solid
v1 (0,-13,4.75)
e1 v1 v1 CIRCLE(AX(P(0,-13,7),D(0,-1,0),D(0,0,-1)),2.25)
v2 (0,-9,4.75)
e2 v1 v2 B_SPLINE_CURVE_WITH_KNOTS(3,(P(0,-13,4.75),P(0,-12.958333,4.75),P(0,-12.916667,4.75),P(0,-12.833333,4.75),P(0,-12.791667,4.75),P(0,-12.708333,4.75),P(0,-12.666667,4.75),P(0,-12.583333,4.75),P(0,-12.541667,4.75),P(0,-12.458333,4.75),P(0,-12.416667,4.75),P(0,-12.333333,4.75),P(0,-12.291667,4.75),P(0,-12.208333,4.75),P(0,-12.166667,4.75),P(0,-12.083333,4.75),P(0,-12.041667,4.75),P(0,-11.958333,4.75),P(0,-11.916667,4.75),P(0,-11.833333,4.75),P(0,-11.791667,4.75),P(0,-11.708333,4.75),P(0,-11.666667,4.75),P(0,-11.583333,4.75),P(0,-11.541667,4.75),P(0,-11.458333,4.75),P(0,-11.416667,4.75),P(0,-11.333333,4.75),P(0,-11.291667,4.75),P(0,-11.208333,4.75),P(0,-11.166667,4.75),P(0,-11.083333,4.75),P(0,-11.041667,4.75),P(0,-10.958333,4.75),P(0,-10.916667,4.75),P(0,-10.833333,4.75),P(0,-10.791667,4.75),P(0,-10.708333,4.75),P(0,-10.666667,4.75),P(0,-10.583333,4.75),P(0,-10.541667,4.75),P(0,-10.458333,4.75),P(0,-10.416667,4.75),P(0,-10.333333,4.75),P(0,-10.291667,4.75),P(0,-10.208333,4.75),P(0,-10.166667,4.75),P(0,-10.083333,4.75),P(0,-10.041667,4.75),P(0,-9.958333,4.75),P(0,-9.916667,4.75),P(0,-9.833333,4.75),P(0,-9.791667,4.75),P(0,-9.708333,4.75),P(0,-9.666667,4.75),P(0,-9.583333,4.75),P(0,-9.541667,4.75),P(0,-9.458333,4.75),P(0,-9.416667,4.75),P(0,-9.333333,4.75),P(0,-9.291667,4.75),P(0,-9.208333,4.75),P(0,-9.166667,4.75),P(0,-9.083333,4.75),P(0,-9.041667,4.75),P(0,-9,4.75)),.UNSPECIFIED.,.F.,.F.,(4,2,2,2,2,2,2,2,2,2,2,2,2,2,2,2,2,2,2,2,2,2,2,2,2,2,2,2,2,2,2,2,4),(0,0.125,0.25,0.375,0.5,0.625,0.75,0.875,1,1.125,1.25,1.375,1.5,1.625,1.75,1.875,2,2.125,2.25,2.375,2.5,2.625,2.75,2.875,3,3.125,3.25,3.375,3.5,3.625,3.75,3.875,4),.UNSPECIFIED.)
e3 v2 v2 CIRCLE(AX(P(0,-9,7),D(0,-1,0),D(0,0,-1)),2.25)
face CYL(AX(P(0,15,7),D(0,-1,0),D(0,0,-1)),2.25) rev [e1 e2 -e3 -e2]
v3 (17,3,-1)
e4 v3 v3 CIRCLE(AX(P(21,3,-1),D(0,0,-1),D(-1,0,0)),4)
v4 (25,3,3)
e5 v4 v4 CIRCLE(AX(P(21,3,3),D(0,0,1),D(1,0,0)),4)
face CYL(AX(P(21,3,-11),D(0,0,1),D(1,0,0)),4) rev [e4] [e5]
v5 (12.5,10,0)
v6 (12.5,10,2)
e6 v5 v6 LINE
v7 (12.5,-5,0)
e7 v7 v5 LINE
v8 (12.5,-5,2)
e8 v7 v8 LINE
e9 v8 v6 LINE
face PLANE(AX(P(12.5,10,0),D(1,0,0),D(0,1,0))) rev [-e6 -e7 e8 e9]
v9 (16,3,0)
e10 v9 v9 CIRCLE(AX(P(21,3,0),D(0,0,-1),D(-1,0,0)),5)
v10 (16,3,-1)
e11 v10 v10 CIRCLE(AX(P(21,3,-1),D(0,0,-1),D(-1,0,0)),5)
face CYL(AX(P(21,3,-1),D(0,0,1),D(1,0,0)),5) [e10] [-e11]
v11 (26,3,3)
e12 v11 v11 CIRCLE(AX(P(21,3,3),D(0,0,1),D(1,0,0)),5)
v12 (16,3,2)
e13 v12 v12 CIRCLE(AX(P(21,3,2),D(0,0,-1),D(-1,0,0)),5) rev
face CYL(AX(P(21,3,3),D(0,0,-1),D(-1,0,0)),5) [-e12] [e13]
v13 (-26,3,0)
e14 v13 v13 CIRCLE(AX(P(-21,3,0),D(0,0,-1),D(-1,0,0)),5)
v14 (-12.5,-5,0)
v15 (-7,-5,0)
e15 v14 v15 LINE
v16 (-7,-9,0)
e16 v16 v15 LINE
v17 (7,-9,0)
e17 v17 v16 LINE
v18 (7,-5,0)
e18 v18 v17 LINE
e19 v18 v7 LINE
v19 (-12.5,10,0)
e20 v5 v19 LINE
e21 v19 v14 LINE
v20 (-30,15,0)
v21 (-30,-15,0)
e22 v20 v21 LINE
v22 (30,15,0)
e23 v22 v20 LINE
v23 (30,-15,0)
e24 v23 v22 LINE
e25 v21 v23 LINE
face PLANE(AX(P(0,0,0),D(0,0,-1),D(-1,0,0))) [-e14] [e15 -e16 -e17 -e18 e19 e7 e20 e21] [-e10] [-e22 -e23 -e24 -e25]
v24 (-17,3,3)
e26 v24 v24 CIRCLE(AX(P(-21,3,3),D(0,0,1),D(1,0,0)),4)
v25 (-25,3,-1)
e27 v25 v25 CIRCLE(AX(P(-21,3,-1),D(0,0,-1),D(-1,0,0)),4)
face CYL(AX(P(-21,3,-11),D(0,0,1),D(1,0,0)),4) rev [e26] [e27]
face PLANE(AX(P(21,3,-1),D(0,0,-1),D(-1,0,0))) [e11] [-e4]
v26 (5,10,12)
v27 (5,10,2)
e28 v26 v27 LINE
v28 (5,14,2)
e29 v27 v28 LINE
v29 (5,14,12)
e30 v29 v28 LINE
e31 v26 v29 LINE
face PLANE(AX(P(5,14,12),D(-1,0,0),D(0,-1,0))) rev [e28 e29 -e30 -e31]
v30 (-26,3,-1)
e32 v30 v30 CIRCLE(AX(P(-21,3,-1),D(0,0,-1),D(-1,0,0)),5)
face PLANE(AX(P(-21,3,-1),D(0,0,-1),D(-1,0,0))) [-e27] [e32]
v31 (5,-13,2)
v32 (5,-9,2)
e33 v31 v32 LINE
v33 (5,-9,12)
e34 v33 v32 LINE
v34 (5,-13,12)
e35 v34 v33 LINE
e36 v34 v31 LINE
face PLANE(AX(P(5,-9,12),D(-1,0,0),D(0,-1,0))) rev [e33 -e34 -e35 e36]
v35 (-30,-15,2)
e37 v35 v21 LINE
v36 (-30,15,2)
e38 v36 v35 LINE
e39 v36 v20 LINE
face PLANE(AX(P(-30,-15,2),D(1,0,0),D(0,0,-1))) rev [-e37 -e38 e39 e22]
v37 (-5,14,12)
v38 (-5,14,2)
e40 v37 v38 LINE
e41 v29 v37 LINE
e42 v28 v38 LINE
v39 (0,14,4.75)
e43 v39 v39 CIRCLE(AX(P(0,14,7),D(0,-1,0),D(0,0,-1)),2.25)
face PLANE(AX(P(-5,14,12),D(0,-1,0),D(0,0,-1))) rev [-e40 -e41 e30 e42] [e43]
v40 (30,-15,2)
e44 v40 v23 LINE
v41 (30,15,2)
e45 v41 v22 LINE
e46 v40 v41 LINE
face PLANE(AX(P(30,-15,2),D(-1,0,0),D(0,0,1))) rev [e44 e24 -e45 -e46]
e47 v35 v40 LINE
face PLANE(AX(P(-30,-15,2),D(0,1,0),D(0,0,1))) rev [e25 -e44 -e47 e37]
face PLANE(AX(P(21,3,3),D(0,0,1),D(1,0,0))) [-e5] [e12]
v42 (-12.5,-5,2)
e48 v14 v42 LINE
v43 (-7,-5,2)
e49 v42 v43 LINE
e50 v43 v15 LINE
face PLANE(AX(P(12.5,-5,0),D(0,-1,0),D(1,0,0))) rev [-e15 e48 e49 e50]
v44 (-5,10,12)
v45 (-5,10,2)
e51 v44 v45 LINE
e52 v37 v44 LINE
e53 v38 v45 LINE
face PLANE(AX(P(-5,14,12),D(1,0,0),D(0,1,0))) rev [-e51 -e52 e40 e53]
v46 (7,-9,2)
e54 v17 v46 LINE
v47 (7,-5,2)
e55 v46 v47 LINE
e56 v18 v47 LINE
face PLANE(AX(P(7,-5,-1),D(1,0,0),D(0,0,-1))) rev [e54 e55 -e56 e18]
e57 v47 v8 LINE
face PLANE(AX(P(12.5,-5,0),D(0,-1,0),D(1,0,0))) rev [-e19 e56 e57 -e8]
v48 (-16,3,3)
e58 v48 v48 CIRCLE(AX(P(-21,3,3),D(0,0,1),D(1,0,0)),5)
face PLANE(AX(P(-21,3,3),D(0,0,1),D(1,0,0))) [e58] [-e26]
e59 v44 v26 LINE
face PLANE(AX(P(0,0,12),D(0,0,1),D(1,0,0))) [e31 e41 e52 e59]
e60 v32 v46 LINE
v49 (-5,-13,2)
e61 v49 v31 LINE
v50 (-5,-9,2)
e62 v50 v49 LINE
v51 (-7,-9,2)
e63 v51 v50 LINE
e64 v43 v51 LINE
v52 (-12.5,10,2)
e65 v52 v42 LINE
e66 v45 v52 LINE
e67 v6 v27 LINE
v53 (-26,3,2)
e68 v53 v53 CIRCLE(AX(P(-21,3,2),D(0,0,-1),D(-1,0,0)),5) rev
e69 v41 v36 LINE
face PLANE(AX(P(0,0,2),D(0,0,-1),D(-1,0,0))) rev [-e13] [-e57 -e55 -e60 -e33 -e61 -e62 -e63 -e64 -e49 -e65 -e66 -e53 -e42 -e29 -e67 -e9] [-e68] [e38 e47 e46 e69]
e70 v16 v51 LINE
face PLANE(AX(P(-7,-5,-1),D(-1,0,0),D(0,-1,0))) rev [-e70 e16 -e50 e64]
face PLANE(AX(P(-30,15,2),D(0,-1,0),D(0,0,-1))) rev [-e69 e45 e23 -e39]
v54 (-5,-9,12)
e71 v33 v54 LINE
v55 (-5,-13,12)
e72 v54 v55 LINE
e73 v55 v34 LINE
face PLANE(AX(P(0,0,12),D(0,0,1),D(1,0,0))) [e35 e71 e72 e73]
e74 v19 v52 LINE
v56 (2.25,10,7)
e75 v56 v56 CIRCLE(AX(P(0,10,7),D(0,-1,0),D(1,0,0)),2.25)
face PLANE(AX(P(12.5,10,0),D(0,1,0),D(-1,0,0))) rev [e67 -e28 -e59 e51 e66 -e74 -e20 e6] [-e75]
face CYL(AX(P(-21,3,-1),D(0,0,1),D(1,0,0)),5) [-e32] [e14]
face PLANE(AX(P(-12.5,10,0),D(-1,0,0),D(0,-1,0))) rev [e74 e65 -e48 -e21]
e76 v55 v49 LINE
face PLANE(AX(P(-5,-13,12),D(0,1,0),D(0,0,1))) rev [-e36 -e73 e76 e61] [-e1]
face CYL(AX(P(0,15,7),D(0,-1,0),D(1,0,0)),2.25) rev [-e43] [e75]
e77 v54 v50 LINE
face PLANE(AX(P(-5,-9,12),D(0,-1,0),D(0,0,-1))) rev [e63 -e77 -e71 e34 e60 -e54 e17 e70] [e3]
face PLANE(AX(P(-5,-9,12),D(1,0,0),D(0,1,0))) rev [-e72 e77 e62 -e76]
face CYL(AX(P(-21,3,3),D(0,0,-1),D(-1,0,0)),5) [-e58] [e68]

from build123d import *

# Parameters (mm, degrees)
SKETCH1_W           = 60
SKETCH1_H           = 30
BOSS_EXTRUDE1_DEPTH = 2
SKETCH2_R           = 4
CUT_EXTRUDE1_DEPTH  = 13
SKETCH3_W           = 25
SKETCH3_H           = 15
CUT_EXTRUDE2_DEPTH  = 34.600595233
BOSS_EXTRUDE2_START = 1
SKETCH5_R           = 5
SKETCH5_R_2         = 4
BOSS_EXTRUDE2_DEPTH = 1
SKETCH7_R           = 5
SKETCH7_R_2         = 4
BOSS_EXTRUDE3_DEPTH = 1
SKETCH9_W           = 10
SKETCH9_H           = 4
BOSS_EXTRUDE4_DEPTH = 10
SKETCH10_R          = 2.25
CUT_EXTRUDE3_DEPTH  = 41.853396432
SKETCH11_R          = 2.25
CUT_EXTRUDE4_DEPTH  = 43.755116653
SKETCH13_W          = 14
SKETCH13_H          = 4
CUT_EXTRUDE6_DEPTH  = 36


with BuildPart() as part:
    # Sketch1 → Boss-Extrude1 (new body)
    with BuildSketch(Plane.XY):
        Rectangle(SKETCH1_W, SKETCH1_H)
    extrude(amount=BOSS_EXTRUDE1_DEPTH)

    # Sketch2 → Cut-Extrude1 (cut)
    with BuildSketch(Plane.XY.offset(2)):
        with Locations((-21, 3)):
            Circle(SKETCH2_R)
        with Locations((21, 3)):
            Circle(SKETCH2_R)
    extrude(amount=-CUT_EXTRUDE1_DEPTH, mode=Mode.SUBTRACT)

    # Sketch3 → Cut-Extrude2 (cut, through all)
    with BuildSketch(Plane.XY.offset(2)):
        with Locations((0, 2.5)):
            Rectangle(SKETCH3_W, SKETCH3_H)
    extrude(amount=-CUT_EXTRUDE2_DEPTH, mode=Mode.SUBTRACT)

    # Sketch5 → Boss-Extrude2 (add)
    # profile 1 of 2: a face of its own
    with BuildSketch(Plane.XY.offset(2).offset(BOSS_EXTRUDE2_START)):
        with Locations(Location((-21, 3, 0), (0, 0, 180))):
            Circle(SKETCH5_R)
        with Locations((-21, 3)):
            Circle(SKETCH5_R_2, mode=Mode.SUBTRACT)
    # profile 2 of 2: a face of its own
    with BuildSketch(Plane.XY.offset(2).offset(BOSS_EXTRUDE2_START)):
        with Locations(Location((21, 3, 0), (0, 0, 180))):
            Circle(SKETCH5_R)
        with Locations((21, 3)):
            Circle(SKETCH5_R_2, mode=Mode.SUBTRACT)
    extrude(amount=-BOSS_EXTRUDE2_DEPTH)

    # Sketch7 → Boss-Extrude3 (add)
    # profile 1 of 2: a face of its own
    with BuildSketch(Plane(origin=(0, 0, 0), x_dir=(-1, 0, 0), z_dir=(0, 0, -1))):
        with Locations((-21, 3)):
            Circle(SKETCH7_R)
        with Locations(Location((-21, 3, 0), (0, 0, 180))):
            Circle(SKETCH7_R_2, mode=Mode.SUBTRACT)
    # profile 2 of 2: a face of its own
    with BuildSketch(Plane(origin=(0, 0, 0), x_dir=(-1, 0, 0), z_dir=(0, 0, -1))):
        with Locations((21, 3)):
            Circle(SKETCH7_R)
        with Locations(Location((21, 3, 0), (0, 0, 180))):
            Circle(SKETCH7_R_2, mode=Mode.SUBTRACT)
    extrude(amount=BOSS_EXTRUDE3_DEPTH)

    # Sketch9 → Boss-Extrude4 (add)
    with BuildSketch(Plane.XY.offset(2)):
        with Locations((0, -11)):
            Rectangle(SKETCH9_W, SKETCH9_H)
        with Locations((0, 12)):
            Rectangle(SKETCH9_W, SKETCH9_H)
    extrude(amount=BOSS_EXTRUDE4_DEPTH)

    # Sketch10 → Cut-Extrude3 (cut, through all)
    with BuildSketch(Plane.XZ.offset(-10)):
        with Locations((0, 7)):
            Circle(SKETCH10_R)
    extrude(amount=-CUT_EXTRUDE3_DEPTH, mode=Mode.SUBTRACT)

    # Sketch11 → Cut-Extrude4 (cut, through all)
    with BuildSketch(Plane.XZ.offset(13)):
        with Locations((0, 7)):
            Circle(SKETCH11_R)
    extrude(amount=-CUT_EXTRUDE4_DEPTH, mode=Mode.SUBTRACT)

    # Sketch13 → Cut-Extrude6 (cut, through all)
    with BuildSketch(Plane.XY.offset(2)):
        with Locations((0, -7)):
            Rectangle(SKETCH13_W, SKETCH13_H)
    extrude(amount=-CUT_EXTRUDE6_DEPTH, mode=Mode.SUBTRACT)


solid = part.part
